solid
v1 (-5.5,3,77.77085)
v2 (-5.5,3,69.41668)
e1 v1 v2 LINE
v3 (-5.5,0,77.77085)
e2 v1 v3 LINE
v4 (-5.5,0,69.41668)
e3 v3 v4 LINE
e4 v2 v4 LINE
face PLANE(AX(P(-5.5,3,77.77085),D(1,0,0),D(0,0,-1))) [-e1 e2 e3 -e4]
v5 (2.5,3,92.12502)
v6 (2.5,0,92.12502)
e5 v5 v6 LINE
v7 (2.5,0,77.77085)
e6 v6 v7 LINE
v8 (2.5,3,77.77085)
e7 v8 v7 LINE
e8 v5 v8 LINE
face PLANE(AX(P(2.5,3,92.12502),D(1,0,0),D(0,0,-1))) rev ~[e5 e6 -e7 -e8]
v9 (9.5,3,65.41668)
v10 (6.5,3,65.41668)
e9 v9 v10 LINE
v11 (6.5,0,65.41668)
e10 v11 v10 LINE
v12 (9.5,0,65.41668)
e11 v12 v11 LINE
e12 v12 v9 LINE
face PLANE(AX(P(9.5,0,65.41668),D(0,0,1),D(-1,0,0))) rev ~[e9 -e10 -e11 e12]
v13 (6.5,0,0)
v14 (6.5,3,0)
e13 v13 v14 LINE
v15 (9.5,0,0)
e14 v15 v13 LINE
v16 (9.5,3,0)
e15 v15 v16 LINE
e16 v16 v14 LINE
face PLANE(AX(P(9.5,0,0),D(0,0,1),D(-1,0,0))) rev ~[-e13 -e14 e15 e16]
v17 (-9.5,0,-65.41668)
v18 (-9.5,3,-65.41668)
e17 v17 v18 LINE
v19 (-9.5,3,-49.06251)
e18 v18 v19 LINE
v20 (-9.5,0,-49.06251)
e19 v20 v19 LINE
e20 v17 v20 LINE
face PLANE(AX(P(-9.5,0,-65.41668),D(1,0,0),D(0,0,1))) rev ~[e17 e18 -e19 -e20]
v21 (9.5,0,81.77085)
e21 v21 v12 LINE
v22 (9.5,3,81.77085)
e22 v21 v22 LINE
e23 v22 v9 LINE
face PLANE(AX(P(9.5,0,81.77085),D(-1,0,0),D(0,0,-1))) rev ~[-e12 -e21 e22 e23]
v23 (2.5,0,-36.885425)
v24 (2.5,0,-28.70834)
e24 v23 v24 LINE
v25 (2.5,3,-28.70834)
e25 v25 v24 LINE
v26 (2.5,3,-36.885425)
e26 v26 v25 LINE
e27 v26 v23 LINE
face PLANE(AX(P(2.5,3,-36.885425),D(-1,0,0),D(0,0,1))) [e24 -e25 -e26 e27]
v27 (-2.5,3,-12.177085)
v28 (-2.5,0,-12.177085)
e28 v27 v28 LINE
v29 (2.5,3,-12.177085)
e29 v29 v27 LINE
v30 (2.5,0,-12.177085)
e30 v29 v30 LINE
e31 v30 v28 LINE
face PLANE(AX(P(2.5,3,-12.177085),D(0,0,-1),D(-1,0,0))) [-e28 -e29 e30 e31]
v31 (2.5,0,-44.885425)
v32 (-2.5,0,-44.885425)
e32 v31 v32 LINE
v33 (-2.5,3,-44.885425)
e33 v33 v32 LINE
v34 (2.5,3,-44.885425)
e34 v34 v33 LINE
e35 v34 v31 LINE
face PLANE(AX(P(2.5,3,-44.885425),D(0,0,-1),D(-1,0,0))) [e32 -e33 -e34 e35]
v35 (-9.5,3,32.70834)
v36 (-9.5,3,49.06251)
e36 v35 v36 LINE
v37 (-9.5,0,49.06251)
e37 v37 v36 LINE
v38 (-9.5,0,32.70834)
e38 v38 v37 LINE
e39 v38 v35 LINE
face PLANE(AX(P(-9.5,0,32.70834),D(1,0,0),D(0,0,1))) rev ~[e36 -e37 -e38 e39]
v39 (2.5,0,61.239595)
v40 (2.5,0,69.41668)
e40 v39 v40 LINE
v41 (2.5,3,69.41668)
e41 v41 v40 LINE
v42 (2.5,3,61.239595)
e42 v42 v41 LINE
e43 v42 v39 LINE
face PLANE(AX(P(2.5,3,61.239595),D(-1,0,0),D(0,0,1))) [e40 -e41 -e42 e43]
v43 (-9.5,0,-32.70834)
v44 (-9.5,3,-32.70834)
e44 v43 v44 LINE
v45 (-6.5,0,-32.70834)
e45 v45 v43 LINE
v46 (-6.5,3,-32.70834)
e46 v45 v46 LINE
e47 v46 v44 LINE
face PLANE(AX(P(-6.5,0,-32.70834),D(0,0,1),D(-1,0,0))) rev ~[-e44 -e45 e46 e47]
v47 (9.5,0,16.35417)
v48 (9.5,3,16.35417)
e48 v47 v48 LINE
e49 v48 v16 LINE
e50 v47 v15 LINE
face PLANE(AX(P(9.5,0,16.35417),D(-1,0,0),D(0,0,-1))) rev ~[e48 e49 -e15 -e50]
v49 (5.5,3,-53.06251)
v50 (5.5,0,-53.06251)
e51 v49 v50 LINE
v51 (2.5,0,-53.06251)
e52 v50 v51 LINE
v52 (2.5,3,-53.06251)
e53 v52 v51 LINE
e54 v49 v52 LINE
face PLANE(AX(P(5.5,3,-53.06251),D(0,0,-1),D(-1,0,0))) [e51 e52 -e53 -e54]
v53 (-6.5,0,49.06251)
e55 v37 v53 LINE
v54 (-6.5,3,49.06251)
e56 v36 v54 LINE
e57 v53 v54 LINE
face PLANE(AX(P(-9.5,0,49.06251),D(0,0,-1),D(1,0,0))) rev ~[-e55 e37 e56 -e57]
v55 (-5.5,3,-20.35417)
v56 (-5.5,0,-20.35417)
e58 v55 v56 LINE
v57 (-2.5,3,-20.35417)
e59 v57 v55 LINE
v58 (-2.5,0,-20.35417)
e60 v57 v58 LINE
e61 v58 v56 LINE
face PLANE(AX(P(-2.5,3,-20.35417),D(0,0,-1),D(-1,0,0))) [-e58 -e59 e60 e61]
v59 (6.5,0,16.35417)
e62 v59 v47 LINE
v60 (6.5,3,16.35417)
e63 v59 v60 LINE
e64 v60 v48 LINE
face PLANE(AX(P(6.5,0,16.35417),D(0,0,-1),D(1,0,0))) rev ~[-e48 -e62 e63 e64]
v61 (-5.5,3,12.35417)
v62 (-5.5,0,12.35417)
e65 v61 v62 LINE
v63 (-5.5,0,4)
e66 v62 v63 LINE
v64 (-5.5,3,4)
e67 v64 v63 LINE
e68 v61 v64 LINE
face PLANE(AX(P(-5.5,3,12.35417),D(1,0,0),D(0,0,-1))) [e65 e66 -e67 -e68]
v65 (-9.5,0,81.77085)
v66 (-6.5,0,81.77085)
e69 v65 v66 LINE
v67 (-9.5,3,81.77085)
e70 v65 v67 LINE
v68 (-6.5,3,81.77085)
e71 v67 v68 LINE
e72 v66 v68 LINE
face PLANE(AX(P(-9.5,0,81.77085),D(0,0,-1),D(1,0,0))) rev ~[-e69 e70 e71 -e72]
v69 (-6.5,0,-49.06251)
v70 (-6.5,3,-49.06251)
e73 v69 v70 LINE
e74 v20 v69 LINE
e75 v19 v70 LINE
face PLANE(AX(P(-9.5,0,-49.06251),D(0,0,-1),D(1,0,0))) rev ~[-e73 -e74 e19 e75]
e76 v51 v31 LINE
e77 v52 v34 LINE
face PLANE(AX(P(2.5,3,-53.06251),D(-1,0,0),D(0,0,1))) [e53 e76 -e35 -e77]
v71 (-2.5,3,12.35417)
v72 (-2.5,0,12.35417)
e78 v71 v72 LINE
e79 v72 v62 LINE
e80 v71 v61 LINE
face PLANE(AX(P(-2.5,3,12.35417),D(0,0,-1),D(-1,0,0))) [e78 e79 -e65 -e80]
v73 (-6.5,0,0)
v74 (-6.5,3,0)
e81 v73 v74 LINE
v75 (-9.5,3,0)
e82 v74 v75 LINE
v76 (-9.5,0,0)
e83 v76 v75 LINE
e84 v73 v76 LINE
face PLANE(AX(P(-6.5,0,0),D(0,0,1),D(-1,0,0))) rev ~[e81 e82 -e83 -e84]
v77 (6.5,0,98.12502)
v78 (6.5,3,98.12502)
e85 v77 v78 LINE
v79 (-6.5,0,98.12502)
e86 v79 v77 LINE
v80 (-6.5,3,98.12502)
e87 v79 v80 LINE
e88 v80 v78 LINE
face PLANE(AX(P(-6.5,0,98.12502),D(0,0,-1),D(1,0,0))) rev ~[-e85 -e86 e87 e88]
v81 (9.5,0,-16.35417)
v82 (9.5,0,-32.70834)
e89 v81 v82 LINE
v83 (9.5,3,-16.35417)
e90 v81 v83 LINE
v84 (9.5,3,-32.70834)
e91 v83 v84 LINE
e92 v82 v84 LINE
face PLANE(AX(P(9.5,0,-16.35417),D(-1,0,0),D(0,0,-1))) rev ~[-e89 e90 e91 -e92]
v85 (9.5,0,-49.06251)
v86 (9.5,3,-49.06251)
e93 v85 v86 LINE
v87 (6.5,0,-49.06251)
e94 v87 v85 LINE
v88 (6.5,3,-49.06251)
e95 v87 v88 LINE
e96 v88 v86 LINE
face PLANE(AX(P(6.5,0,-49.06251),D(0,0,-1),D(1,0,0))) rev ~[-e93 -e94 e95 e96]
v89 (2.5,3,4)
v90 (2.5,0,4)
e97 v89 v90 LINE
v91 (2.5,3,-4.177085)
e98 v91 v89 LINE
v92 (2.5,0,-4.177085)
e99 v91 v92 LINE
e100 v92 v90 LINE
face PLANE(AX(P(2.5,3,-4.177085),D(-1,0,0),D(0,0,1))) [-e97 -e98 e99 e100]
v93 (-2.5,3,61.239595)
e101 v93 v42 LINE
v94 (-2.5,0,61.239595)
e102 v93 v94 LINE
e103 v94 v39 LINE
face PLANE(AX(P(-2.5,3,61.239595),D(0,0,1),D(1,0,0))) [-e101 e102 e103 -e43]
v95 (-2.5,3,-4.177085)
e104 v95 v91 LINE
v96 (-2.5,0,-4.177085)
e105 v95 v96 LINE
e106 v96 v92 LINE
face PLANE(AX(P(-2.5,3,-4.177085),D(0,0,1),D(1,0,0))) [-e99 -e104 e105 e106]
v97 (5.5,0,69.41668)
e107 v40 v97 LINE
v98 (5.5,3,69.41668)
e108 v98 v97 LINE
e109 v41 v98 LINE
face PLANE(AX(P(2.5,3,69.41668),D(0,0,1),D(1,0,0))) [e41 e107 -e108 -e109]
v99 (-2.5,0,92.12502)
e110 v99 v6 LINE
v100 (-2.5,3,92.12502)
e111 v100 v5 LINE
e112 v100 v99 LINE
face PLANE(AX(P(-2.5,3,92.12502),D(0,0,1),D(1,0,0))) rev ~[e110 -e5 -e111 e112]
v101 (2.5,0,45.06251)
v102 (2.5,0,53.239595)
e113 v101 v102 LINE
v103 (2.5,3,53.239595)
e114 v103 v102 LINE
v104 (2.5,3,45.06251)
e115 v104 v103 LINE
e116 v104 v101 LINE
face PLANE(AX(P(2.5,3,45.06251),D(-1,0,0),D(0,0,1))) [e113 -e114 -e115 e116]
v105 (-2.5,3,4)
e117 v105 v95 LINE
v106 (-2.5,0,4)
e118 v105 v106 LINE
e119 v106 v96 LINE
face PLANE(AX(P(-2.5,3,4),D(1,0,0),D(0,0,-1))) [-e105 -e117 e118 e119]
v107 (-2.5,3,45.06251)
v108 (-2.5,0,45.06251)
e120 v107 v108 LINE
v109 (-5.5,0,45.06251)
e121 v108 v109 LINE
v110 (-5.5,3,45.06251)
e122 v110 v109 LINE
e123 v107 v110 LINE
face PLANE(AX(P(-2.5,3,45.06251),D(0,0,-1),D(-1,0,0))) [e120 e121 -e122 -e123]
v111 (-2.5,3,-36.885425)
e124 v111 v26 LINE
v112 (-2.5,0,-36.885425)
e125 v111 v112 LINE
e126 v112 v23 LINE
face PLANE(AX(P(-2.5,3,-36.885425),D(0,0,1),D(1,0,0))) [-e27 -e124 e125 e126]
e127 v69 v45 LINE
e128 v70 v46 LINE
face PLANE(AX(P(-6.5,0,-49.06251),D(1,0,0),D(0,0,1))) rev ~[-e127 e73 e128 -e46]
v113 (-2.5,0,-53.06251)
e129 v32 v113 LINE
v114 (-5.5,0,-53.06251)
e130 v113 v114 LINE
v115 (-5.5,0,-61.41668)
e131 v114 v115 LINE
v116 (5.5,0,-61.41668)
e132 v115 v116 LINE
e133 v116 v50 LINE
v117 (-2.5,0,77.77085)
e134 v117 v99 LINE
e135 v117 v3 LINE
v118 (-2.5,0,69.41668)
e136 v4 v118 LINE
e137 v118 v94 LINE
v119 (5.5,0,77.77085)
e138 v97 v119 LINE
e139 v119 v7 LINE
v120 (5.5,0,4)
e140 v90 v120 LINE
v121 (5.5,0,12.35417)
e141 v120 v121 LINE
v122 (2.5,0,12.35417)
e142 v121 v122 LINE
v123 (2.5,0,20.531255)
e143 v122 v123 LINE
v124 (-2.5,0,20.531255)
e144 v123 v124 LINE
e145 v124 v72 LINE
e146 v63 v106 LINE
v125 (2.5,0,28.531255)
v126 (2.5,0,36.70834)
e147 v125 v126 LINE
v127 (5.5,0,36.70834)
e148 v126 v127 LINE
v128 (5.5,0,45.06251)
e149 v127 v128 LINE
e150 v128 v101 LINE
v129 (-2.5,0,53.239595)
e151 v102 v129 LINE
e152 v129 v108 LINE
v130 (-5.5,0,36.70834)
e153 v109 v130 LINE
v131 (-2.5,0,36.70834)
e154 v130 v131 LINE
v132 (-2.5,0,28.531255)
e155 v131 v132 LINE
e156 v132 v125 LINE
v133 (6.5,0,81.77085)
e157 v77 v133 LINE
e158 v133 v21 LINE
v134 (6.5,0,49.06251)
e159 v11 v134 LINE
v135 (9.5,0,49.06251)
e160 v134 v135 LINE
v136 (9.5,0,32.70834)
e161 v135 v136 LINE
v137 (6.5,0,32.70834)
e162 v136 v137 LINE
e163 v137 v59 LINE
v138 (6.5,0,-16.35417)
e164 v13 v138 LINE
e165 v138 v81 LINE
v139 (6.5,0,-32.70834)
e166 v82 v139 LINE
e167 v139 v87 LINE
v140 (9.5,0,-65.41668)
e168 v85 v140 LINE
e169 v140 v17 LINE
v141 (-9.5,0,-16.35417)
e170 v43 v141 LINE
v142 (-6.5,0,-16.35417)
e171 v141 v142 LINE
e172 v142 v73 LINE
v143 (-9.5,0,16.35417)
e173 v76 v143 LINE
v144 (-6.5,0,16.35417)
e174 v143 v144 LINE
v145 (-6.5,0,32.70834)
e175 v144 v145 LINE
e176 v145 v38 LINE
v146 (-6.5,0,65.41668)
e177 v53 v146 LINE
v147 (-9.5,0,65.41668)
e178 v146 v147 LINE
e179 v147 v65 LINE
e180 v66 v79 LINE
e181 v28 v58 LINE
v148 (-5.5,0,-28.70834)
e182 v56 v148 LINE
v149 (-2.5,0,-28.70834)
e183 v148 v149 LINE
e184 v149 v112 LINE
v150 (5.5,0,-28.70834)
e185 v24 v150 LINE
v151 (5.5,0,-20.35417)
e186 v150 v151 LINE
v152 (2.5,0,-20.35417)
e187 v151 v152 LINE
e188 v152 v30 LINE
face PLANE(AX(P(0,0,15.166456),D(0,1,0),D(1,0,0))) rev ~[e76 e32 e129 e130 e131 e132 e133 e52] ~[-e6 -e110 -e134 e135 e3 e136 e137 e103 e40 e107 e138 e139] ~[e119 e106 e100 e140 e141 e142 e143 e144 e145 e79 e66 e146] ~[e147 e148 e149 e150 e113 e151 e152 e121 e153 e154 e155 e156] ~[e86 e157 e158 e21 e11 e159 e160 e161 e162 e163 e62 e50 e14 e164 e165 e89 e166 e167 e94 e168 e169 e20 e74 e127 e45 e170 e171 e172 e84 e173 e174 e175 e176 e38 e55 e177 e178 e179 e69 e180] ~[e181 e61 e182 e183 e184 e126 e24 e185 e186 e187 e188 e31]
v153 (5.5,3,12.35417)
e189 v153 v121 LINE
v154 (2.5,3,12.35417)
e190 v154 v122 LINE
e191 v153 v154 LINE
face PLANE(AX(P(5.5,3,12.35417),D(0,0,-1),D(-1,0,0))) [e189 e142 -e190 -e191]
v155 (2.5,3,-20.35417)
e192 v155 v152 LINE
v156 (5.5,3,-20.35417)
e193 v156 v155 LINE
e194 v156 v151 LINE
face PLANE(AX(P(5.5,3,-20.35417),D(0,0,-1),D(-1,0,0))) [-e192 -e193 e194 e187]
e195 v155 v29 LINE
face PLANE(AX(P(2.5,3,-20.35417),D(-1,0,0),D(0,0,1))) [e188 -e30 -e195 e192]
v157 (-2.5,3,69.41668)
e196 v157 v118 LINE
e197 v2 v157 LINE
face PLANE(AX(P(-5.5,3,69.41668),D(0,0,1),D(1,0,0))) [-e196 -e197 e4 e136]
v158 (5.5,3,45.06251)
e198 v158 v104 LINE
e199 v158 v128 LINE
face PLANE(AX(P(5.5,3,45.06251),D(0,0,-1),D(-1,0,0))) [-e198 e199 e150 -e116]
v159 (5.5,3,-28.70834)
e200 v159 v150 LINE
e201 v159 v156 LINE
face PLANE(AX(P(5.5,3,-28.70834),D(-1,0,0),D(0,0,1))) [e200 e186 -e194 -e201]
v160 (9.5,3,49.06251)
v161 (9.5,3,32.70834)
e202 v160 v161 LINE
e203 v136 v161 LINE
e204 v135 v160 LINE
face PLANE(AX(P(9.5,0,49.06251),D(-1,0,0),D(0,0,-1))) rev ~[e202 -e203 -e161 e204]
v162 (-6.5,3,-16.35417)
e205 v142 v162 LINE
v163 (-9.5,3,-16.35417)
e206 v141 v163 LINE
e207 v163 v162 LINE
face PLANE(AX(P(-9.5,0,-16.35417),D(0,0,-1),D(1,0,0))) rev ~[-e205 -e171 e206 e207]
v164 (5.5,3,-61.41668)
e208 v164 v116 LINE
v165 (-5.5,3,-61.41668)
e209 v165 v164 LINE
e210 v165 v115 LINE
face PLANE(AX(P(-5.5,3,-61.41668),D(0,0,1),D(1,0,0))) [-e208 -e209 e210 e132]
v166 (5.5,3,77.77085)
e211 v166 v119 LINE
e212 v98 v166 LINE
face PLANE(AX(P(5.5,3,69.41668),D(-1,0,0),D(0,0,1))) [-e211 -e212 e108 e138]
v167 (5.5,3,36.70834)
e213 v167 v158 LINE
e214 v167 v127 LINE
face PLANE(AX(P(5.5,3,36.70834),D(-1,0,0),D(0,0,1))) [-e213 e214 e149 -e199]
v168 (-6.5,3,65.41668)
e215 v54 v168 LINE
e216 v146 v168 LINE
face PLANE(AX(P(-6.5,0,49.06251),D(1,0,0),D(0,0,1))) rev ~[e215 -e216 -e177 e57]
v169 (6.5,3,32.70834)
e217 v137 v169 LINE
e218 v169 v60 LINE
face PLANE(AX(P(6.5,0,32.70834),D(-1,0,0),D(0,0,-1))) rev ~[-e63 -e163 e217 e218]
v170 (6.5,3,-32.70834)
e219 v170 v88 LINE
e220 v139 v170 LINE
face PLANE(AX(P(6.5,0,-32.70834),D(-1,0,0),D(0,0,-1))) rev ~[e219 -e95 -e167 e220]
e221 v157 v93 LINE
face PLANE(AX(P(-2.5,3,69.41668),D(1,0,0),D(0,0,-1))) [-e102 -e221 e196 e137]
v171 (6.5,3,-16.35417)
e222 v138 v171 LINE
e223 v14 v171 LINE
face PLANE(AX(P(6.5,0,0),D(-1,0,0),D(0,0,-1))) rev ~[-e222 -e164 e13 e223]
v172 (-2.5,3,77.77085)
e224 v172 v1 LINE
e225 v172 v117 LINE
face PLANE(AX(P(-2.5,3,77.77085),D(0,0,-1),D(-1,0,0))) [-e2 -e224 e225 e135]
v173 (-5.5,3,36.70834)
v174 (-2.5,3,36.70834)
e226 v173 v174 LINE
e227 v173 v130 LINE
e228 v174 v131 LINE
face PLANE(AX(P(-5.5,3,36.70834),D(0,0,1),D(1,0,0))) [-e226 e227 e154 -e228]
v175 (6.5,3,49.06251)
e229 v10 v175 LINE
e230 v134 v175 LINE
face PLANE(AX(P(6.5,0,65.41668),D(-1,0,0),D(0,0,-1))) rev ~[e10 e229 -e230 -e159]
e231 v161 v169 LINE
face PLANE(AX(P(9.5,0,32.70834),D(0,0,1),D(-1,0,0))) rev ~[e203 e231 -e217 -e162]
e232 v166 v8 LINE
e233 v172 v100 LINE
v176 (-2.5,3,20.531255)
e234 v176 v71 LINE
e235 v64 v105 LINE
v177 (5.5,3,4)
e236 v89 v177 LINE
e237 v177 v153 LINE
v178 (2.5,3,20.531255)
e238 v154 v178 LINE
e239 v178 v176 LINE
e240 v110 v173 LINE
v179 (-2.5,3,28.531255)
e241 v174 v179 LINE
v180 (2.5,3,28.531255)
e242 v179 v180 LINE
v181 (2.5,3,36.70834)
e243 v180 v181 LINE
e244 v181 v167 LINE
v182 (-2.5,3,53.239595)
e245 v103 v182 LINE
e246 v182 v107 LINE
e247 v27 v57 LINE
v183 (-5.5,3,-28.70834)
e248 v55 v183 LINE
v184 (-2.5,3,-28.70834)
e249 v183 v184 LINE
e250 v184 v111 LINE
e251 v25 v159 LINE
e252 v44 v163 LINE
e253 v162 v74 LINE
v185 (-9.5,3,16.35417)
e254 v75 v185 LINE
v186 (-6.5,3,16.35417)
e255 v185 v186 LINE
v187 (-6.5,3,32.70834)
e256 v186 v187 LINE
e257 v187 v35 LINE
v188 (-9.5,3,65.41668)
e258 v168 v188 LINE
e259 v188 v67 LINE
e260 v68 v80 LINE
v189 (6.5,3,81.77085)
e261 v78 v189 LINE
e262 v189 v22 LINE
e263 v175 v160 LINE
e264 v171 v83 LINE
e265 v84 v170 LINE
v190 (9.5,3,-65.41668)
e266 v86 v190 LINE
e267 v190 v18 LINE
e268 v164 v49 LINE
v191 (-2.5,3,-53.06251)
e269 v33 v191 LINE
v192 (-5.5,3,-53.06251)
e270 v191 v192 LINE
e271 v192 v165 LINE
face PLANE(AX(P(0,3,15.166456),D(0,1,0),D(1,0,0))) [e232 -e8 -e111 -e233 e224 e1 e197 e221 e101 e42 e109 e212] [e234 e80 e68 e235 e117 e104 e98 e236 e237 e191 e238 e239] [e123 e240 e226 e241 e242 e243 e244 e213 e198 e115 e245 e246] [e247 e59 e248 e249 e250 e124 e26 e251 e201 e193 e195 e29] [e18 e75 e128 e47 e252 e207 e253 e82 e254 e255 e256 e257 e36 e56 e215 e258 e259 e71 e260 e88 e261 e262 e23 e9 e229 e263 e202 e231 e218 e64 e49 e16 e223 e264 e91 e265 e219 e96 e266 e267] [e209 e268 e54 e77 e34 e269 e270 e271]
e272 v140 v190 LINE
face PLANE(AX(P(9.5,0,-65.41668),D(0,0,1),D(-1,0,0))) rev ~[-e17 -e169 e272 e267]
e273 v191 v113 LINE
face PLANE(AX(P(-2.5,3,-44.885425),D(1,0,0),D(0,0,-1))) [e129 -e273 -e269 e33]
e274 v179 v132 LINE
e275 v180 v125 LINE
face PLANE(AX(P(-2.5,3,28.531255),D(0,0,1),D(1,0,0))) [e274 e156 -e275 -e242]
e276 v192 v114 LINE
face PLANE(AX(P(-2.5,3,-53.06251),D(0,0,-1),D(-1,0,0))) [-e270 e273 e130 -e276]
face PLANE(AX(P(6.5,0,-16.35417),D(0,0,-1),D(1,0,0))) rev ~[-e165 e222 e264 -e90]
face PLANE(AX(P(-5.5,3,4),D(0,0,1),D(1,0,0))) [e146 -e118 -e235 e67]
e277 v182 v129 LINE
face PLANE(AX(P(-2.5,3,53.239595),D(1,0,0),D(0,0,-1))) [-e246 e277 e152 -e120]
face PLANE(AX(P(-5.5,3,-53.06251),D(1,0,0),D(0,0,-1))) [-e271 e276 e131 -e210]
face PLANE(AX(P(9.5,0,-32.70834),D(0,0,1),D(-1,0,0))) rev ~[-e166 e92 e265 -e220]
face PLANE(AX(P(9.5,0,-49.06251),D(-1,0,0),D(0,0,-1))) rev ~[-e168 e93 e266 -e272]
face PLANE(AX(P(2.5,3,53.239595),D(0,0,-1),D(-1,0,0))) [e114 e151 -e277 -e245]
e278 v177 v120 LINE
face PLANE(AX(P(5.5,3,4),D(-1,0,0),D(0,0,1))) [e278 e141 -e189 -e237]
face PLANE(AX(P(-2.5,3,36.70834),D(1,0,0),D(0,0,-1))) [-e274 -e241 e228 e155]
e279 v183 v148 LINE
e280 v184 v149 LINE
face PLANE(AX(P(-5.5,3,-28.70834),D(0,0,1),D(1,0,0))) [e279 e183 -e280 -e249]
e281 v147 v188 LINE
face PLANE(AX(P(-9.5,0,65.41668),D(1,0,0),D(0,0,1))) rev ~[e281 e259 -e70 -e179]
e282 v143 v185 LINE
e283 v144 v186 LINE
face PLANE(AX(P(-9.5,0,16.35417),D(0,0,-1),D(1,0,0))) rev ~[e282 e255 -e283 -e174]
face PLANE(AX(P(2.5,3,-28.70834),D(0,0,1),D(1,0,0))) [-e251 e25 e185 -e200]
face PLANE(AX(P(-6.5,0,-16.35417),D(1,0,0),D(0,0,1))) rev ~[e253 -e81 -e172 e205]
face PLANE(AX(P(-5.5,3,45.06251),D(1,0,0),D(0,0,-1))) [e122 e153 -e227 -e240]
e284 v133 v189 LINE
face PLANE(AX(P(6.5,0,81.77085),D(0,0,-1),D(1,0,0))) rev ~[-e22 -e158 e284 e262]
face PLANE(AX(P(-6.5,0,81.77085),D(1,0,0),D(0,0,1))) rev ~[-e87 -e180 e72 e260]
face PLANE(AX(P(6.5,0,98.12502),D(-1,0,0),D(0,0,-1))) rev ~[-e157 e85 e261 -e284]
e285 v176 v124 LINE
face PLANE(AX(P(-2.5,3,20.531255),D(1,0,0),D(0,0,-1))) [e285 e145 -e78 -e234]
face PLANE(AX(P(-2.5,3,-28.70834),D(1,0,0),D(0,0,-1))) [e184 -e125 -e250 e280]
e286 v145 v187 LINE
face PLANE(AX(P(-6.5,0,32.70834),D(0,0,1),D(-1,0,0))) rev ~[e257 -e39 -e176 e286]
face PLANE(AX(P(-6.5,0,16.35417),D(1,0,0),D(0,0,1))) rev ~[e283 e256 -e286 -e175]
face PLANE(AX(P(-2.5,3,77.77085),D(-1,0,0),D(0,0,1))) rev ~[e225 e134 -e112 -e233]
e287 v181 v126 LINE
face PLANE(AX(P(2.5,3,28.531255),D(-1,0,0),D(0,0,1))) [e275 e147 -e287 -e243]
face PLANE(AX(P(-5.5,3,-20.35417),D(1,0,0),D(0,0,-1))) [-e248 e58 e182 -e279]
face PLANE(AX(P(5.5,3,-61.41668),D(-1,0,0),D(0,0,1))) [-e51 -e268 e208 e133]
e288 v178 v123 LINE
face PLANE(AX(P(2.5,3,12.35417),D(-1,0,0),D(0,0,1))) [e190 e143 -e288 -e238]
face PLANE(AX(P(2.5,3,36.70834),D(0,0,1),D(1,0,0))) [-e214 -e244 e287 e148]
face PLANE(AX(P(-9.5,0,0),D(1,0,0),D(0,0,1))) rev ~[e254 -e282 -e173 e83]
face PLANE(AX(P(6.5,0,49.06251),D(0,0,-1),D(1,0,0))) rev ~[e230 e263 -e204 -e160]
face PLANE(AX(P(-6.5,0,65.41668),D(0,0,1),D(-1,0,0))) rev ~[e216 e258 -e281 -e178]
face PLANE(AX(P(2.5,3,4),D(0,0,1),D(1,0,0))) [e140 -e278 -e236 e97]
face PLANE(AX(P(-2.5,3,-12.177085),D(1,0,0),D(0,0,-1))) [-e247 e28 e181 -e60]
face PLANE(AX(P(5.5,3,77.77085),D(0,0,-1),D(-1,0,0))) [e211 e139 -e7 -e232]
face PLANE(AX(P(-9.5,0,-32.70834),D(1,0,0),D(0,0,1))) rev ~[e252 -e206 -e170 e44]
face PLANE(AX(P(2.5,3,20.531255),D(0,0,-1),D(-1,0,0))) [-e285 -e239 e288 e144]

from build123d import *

# Parameters (mm, degrees)
BOSS_EXTRUDE1_DEPTH     = 3
SKETCH3_W               = 5
SKETCH3_H               = 6.177085
CUT_EXTRUDE1_DEPTH      = 1
CUT_EXTRUDE1_DEPTH_BACK = 4


with BuildPart() as part:
    # Sketch2 → Boss-Extrude1 (new body)
    with BuildSketch(Plane(origin=(0, 0, 0), x_dir=(1, 0, 0), z_dir=(0, 1, 0))):
        Polygon((-6.5, -81.77085), (-6.5, -98.12502), (6.5, -98.12502), (6.5, -81.77085), (9.5, -81.77085), (9.5, -65.41668), (6.5, -65.41668), (6.5, -49.06251), (9.5, -49.06251), (9.5, -32.70834), (6.5, -32.70834), (6.5, -16.35417), (9.5, -16.35417), (9.5, 0), (6.5, 0), (6.5, 16.35417), (9.5, 16.35417), (9.5, 32.70834), (6.5, 32.70834), (6.5, 49.06251), (9.5, 49.06251), (9.5, 65.41668), (6.5, 65.41668), (-6.5, 65.41668), (-9.5, 65.41668), (-9.5, 49.06251), (-6.5, 49.06251), (-6.5, 32.70834), (-9.5, 32.70834), (-9.5, 16.35417), (-6.5, 16.35417), (-6.5, 0), (-9.5, 0), (-9.5, -16.35417), (-6.5, -16.35417), (-6.5, -32.70834), (-9.5, -32.70834), (-9.5, -49.06251), (-6.5, -49.06251), (-6.5, -65.41668), (-9.5, -65.41668), (-9.5, -81.77085), align=None)
    extrude(amount=BOSS_EXTRUDE1_DEPTH)

    # Sketch3 → Cut-Extrude1 (cut, two sides)
    with BuildSketch(Plane(origin=(0, 3, 0), x_dir=(1, 0, 0), z_dir=(0, 1, 0))) as cut_extrude1_sk:
        Polygon((-5.5, 53.06251), (-5.5, 61.41668), (5.5, 61.41668), (5.5, 53.06251), (2.5, 53.06251), (2.5, 44.885425), (-2.5, 44.885425), (-2.5, 53.06251), align=None)
        Polygon((-2.5, 28.70834), (-2.5, 36.885425), (2.5, 36.885425), (2.5, 28.70834), (5.5, 28.70834), (5.5, 20.35417), (2.5, 20.35417), (2.5, 12.177085), (-2.5, 12.177085), (-2.5, 20.35417), (-5.5, 20.35417), (-5.5, 28.70834), align=None)
        Polygon((-5.5, -4), (-2.5, -4), (-2.5, 4.177085), (2.5, 4.177085), (2.5, -4), (5.5, -4), (5.5, -12.35417), (2.5, -12.35417), (2.5, -20.531255), (-2.5, -20.531255), (-2.5, -12.35417), (-5.5, -12.35417), align=None)
        Polygon((-5.5, -69.41668), (-2.5, -69.41668), (-2.5, -61.239595), (2.5, -61.239595), (2.5, -69.41668), (5.5, -69.41668), (5.5, -77.77085), (2.5, -77.77085), (2.5, -85.947935), (-2.5, -85.947935), (-2.5, -77.77085), (-5.5, -77.77085), align=None)
        with Locations((0, -89.0364775)):
            Rectangle(SKETCH3_W, SKETCH3_H)
        Polygon((-5.5, -36.70834), (-2.5, -36.70834), (-2.5, -28.531255), (2.5, -28.531255), (2.5, -36.70834), (5.5, -36.70834), (5.5, -45.06251), (2.5, -45.06251), (2.5, -53.239595), (-2.5, -53.239595), (-2.5, -45.06251), (-5.5, -45.06251), align=None)
    extrude(amount=CUT_EXTRUDE1_DEPTH, mode=Mode.SUBTRACT)
    extrude(cut_extrude1_sk.sketch, amount=-CUT_EXTRUDE1_DEPTH_BACK, mode=Mode.SUBTRACT)


solid = part.part
